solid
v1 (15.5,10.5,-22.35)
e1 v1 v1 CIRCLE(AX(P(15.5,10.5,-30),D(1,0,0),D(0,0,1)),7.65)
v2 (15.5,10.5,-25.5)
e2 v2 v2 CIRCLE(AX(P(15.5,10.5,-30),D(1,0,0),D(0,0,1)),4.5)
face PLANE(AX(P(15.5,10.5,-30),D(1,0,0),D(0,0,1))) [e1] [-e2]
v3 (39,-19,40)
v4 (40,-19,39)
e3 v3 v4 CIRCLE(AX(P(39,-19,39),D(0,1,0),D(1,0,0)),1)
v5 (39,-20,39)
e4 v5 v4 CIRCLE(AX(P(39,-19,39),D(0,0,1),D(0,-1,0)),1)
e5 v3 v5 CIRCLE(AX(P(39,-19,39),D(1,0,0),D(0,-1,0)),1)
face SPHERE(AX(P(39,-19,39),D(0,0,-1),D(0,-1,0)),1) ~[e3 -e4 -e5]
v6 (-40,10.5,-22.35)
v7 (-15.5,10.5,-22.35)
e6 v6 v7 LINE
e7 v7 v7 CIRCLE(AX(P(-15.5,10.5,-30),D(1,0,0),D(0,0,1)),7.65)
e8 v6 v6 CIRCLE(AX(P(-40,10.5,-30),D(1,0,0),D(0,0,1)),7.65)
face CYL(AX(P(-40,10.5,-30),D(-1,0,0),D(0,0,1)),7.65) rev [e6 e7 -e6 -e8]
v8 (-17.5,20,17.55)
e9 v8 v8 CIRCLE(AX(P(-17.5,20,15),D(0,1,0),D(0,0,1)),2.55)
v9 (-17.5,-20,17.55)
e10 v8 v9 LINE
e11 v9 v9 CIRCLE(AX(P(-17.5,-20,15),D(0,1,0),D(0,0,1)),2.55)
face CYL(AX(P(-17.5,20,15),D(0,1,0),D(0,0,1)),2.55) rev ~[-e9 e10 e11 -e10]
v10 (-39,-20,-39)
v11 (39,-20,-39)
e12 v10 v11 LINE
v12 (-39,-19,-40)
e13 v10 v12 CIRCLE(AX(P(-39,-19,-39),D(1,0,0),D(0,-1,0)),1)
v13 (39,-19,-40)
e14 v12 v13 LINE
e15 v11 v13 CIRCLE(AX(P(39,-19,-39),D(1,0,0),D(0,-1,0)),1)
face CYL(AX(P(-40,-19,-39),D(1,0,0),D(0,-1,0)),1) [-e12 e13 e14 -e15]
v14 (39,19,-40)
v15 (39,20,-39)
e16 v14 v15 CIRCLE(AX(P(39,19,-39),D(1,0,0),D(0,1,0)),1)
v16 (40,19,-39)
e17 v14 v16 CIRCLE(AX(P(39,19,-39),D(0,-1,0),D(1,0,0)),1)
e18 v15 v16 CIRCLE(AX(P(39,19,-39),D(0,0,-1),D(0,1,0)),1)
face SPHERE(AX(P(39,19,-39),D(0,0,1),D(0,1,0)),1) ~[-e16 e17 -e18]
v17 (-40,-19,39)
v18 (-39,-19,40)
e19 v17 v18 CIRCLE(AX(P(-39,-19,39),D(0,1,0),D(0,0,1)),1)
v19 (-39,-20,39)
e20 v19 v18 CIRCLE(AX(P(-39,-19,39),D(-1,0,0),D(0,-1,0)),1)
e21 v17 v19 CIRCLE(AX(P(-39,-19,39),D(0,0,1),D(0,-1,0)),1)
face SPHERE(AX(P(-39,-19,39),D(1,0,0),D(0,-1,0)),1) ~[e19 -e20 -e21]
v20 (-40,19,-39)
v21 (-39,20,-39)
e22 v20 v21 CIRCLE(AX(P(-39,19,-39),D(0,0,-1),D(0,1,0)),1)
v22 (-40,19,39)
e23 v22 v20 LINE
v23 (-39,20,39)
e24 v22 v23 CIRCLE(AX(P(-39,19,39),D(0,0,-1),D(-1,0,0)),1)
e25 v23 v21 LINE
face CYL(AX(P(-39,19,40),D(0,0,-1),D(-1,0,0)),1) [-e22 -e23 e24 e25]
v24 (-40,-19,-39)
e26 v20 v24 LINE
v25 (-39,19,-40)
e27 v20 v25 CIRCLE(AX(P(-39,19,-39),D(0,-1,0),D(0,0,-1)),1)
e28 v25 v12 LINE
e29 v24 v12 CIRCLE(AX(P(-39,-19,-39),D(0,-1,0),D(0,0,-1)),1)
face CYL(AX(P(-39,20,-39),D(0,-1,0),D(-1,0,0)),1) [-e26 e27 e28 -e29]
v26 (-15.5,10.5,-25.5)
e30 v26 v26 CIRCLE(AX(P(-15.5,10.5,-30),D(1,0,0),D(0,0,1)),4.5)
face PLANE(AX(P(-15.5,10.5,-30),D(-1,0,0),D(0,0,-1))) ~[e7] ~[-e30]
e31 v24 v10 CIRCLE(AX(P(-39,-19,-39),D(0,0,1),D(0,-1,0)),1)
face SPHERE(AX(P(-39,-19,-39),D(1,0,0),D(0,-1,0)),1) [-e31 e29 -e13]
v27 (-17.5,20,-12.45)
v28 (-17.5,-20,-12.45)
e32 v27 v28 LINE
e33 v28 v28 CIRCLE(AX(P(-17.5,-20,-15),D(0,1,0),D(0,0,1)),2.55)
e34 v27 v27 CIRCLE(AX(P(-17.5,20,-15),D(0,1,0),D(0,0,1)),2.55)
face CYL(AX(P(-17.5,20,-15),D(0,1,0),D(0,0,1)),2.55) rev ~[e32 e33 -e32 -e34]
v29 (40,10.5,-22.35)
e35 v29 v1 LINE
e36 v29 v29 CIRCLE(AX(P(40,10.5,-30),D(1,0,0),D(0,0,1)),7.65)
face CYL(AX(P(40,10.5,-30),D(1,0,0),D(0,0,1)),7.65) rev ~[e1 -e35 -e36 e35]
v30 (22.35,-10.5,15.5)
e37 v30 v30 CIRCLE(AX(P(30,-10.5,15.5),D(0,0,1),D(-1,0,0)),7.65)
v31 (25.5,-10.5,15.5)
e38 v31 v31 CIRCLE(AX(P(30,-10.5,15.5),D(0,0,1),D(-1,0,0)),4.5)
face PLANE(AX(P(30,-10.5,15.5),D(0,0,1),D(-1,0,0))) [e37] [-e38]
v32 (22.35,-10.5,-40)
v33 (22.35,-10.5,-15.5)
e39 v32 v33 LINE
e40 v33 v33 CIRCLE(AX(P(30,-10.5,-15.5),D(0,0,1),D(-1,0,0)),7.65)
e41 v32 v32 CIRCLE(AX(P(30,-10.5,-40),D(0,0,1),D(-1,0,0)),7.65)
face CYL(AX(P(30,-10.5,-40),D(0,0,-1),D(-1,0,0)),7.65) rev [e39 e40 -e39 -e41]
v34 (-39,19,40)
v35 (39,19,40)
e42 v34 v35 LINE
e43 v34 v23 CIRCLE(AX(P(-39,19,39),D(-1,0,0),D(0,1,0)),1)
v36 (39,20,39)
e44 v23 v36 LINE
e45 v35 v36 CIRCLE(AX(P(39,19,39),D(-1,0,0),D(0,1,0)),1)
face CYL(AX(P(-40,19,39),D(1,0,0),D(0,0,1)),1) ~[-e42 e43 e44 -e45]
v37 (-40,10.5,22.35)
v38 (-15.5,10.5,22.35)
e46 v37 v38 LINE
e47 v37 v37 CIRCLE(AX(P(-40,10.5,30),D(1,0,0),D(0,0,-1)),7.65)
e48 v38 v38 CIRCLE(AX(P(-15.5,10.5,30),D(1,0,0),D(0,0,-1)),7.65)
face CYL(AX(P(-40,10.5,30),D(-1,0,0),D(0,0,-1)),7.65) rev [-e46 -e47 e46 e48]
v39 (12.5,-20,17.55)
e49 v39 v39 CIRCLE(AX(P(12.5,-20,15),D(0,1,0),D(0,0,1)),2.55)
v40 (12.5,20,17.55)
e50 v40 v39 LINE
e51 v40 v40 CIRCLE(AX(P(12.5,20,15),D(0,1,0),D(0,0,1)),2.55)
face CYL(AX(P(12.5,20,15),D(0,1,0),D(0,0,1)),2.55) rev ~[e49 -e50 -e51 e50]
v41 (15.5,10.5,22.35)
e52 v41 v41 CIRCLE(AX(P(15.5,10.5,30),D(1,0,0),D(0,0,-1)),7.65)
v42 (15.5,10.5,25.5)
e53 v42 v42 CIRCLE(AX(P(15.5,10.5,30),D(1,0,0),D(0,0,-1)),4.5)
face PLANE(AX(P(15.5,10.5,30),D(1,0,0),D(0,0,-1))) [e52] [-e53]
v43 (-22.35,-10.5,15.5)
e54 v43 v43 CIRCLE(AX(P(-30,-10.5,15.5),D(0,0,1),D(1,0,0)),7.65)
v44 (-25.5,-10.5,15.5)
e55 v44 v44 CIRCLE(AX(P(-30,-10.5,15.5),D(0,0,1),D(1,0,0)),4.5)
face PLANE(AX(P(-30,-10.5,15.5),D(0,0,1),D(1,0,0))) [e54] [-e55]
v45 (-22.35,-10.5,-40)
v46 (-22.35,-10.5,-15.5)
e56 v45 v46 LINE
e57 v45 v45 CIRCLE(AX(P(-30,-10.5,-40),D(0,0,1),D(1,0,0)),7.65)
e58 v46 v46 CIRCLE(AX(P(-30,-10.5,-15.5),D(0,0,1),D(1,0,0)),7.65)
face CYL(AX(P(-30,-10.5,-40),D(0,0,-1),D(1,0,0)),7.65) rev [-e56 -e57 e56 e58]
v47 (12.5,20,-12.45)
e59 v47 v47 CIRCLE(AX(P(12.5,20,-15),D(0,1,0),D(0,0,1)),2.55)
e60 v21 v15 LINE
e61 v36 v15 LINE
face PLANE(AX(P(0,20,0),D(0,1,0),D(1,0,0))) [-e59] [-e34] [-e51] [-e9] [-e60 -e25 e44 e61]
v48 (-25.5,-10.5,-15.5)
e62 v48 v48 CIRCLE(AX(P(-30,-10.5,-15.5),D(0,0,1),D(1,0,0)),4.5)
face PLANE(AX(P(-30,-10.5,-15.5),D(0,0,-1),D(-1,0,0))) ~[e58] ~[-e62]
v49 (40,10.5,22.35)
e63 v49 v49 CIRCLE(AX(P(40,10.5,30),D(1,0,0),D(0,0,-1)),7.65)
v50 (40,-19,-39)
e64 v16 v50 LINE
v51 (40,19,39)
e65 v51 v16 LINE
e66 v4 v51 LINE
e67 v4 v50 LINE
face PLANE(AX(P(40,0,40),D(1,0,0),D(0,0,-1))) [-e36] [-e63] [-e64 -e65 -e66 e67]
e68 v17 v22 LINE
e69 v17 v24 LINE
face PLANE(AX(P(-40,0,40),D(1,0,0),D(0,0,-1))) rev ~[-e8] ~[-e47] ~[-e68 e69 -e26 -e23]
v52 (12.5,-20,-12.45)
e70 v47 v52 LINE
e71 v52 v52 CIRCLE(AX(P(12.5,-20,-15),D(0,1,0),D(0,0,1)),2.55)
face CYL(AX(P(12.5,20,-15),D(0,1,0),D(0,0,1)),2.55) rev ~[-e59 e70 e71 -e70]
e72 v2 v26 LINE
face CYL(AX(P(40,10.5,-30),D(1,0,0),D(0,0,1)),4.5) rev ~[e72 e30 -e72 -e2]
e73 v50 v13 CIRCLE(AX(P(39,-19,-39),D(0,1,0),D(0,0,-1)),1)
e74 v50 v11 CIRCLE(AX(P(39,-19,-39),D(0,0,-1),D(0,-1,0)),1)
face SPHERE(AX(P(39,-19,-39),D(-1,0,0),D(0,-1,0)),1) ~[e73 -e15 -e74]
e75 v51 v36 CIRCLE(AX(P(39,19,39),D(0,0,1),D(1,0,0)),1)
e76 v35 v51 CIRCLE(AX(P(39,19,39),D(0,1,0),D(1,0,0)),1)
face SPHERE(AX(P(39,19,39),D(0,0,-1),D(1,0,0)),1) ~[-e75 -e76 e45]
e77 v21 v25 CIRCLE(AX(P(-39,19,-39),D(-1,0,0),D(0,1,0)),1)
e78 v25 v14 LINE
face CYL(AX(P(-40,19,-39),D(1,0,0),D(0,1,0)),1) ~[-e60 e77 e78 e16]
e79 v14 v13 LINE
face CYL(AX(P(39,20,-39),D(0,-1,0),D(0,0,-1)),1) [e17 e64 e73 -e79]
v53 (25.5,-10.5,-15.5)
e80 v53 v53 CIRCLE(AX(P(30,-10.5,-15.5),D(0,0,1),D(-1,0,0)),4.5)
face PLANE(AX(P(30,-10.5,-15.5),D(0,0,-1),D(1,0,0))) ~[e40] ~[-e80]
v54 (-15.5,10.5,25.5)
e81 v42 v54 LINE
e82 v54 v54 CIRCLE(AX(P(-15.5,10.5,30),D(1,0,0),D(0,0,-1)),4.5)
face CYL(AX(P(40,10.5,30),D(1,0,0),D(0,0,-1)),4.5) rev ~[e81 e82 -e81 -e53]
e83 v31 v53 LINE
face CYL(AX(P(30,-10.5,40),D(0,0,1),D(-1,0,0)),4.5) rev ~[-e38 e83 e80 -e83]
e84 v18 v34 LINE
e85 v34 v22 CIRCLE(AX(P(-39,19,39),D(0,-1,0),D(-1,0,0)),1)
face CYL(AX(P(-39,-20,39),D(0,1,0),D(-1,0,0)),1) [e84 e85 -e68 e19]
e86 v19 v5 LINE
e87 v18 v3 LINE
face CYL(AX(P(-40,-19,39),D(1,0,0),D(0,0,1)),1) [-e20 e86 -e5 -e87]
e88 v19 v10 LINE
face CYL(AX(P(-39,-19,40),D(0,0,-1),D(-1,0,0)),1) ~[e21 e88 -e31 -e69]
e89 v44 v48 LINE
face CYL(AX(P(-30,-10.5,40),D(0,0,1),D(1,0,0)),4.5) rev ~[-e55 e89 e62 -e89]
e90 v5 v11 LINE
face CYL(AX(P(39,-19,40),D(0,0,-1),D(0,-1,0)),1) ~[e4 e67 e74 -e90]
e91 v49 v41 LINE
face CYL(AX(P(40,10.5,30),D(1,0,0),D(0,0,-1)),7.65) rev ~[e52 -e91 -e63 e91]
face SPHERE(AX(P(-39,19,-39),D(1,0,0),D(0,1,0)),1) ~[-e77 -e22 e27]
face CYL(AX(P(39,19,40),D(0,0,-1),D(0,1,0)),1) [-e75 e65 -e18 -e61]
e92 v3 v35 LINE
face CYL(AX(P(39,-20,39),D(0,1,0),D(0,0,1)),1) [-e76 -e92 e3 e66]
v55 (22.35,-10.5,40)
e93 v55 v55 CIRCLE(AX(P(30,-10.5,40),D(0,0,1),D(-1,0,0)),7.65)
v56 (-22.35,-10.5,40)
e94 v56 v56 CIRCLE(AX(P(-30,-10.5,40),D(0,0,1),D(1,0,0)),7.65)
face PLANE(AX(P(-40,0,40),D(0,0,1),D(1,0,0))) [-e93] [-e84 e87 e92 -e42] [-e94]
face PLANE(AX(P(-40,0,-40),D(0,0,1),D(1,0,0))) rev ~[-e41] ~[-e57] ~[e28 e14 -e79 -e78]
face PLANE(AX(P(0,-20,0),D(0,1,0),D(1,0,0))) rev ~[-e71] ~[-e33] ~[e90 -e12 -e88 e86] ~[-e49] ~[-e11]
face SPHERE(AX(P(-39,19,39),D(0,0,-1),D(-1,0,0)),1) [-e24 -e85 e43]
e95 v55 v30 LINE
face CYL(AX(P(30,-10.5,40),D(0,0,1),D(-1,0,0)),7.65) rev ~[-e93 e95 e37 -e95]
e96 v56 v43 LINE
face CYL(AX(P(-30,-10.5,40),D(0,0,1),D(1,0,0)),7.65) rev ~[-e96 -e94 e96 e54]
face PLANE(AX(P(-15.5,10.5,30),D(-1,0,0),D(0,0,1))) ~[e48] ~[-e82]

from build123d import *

# Parameters (mm, degrees)
SKETCH1_W           = 80
SKETCH1_H           = 80
BOSS_EXTRUDE1_DEPTH = 20
SKETCH3_R           = 4.5
CUT_EXTRUDE2_DEPTH  = 92.651513899
SKETCH3_4_R         = 7.65
SKETCH3_4_R_2       = 4.5
CUT_EXTRUDE3_DEPTH  = 24.5
SKETCH7_R           = 4.5
CUT_EXTRUDE4_DEPTH  = 92.651513899
SKETCH7_4_R         = 7.65
SKETCH7_4_R_2       = 4.5
CUT_EXTRUDE5_DEPTH  = 24.5
FILLET1_R           = 1
SKETCH8_R           = 2.55
CUT_EXTRUDE7_DEPTH  = 70.282032303


with BuildPart() as part:
    # Sketch1 → Boss-Extrude1 (new, symmetric)
    with BuildSketch(Plane(origin=(0, 0, 0), x_dir=(1, 0, 0), z_dir=(0, 1, 0))):
        Rectangle(SKETCH1_W, SKETCH1_H)
    extrude(amount=BOSS_EXTRUDE1_DEPTH, both=True)

    # Sketch3 → Cut-Extrude2 (cut, through all)
    with BuildSketch(Plane.XY.offset(40)):
        with Locations((-30, -10.5)):
            Circle(SKETCH3_R)
        with Locations((30, -10.5)):
            Circle(SKETCH3_R)
    extrude(amount=-CUT_EXTRUDE2_DEPTH, mode=Mode.SUBTRACT)

    # Sketch3<4> → Cut-Extrude3 (cut)
    # profile 1 of 2: a face of its own
    with BuildSketch(Plane.XY.offset(40)):
        with Locations((-30, -10.5)):
            Circle(SKETCH3_4_R)
        with Locations((-30, -10.5)):
            Circle(SKETCH3_4_R_2, mode=Mode.SUBTRACT)
    # profile 2 of 2: a face of its own
    with BuildSketch(Plane.XY.offset(40)):
        with Locations((30, -10.5)):
            Circle(SKETCH3_4_R)
        with Locations((30, -10.5)):
            Circle(SKETCH3_4_R_2, mode=Mode.SUBTRACT)
    cut_extrude3 = extrude(amount=-CUT_EXTRUDE3_DEPTH, mode=Mode.SUBTRACT)

    # Mirror1: Cut-Extrude3 across plane
    add(cut_extrude3.mirror(Plane.XY), mode=Mode.SUBTRACT)

    # Sketch7 → Cut-Extrude4 (cut, through all)
    with BuildSketch(Plane(origin=(40, 0, 0), x_dir=(0, 0, -1), z_dir=(1, 0, 0))):
        with Locations((-30, 10.5)):
            Circle(SKETCH7_R)
        with Locations((30, 10.5)):
            Circle(SKETCH7_R)
    extrude(amount=-CUT_EXTRUDE4_DEPTH, mode=Mode.SUBTRACT)

    # Sketch7<4> → Cut-Extrude5 (cut)
    # profile 1 of 2: a face of its own
    with BuildSketch(Plane(origin=(40, 0, 0), x_dir=(0, 0, -1), z_dir=(1, 0, 0))):
        with Locations((-30, 10.5)):
            Circle(SKETCH7_4_R)
        with Locations((-30, 10.5)):
            Circle(SKETCH7_4_R_2, mode=Mode.SUBTRACT)
    # profile 2 of 2: a face of its own
    with BuildSketch(Plane(origin=(40, 0, 0), x_dir=(0, 0, -1), z_dir=(1, 0, 0))):
        with Locations((30, 10.5)):
            Circle(SKETCH7_4_R)
        with Locations((30, 10.5)):
            Circle(SKETCH7_4_R_2, mode=Mode.SUBTRACT)
    cut_extrude5 = extrude(amount=-CUT_EXTRUDE5_DEPTH, mode=Mode.SUBTRACT)

    # Mirror2: Cut-Extrude5 across plane
    add(cut_extrude5.mirror(Plane(origin=(0, 0, 0), x_dir=(0, 0, 1), z_dir=(1, 0, 0))), mode=Mode.SUBTRACT)

    # Fillet1
    fillet1_edges = [part.edges().sort_by_distance(p)[0] for p in [
        (0, -20, 40),
        (0, 20, 40),
        (-40, 0, 40),
        (-40, -20, 0),
        (-40, 20, 0),
        (-40, 0, -40),
        (0, -20, -40),
        (0, 20, -40),
        (40, 20, 0),
        (40, 0, -40),
        (40, -20, 0),
        (40, 0, 40),
    ]]
    fillet(fillet1_edges, radius=FILLET1_R)

    # Sketch8 → Cut-Extrude7 (cut, through all)
    with BuildSketch(Plane(origin=(0, 20, 0), x_dir=(1, 0, 0), z_dir=(0, 1, 0))):
        with Locations((-17.5, 15)):
            Circle(SKETCH8_R)
        with Locations((12.5, 15)):
            Circle(SKETCH8_R)
        with Locations((12.5, -15)):
            Circle(SKETCH8_R)
        with Locations((-17.5, -15)):
            Circle(SKETCH8_R)
    extrude(amount=-CUT_EXTRUDE7_DEPTH, mode=Mode.SUBTRACT)


solid = part.part
